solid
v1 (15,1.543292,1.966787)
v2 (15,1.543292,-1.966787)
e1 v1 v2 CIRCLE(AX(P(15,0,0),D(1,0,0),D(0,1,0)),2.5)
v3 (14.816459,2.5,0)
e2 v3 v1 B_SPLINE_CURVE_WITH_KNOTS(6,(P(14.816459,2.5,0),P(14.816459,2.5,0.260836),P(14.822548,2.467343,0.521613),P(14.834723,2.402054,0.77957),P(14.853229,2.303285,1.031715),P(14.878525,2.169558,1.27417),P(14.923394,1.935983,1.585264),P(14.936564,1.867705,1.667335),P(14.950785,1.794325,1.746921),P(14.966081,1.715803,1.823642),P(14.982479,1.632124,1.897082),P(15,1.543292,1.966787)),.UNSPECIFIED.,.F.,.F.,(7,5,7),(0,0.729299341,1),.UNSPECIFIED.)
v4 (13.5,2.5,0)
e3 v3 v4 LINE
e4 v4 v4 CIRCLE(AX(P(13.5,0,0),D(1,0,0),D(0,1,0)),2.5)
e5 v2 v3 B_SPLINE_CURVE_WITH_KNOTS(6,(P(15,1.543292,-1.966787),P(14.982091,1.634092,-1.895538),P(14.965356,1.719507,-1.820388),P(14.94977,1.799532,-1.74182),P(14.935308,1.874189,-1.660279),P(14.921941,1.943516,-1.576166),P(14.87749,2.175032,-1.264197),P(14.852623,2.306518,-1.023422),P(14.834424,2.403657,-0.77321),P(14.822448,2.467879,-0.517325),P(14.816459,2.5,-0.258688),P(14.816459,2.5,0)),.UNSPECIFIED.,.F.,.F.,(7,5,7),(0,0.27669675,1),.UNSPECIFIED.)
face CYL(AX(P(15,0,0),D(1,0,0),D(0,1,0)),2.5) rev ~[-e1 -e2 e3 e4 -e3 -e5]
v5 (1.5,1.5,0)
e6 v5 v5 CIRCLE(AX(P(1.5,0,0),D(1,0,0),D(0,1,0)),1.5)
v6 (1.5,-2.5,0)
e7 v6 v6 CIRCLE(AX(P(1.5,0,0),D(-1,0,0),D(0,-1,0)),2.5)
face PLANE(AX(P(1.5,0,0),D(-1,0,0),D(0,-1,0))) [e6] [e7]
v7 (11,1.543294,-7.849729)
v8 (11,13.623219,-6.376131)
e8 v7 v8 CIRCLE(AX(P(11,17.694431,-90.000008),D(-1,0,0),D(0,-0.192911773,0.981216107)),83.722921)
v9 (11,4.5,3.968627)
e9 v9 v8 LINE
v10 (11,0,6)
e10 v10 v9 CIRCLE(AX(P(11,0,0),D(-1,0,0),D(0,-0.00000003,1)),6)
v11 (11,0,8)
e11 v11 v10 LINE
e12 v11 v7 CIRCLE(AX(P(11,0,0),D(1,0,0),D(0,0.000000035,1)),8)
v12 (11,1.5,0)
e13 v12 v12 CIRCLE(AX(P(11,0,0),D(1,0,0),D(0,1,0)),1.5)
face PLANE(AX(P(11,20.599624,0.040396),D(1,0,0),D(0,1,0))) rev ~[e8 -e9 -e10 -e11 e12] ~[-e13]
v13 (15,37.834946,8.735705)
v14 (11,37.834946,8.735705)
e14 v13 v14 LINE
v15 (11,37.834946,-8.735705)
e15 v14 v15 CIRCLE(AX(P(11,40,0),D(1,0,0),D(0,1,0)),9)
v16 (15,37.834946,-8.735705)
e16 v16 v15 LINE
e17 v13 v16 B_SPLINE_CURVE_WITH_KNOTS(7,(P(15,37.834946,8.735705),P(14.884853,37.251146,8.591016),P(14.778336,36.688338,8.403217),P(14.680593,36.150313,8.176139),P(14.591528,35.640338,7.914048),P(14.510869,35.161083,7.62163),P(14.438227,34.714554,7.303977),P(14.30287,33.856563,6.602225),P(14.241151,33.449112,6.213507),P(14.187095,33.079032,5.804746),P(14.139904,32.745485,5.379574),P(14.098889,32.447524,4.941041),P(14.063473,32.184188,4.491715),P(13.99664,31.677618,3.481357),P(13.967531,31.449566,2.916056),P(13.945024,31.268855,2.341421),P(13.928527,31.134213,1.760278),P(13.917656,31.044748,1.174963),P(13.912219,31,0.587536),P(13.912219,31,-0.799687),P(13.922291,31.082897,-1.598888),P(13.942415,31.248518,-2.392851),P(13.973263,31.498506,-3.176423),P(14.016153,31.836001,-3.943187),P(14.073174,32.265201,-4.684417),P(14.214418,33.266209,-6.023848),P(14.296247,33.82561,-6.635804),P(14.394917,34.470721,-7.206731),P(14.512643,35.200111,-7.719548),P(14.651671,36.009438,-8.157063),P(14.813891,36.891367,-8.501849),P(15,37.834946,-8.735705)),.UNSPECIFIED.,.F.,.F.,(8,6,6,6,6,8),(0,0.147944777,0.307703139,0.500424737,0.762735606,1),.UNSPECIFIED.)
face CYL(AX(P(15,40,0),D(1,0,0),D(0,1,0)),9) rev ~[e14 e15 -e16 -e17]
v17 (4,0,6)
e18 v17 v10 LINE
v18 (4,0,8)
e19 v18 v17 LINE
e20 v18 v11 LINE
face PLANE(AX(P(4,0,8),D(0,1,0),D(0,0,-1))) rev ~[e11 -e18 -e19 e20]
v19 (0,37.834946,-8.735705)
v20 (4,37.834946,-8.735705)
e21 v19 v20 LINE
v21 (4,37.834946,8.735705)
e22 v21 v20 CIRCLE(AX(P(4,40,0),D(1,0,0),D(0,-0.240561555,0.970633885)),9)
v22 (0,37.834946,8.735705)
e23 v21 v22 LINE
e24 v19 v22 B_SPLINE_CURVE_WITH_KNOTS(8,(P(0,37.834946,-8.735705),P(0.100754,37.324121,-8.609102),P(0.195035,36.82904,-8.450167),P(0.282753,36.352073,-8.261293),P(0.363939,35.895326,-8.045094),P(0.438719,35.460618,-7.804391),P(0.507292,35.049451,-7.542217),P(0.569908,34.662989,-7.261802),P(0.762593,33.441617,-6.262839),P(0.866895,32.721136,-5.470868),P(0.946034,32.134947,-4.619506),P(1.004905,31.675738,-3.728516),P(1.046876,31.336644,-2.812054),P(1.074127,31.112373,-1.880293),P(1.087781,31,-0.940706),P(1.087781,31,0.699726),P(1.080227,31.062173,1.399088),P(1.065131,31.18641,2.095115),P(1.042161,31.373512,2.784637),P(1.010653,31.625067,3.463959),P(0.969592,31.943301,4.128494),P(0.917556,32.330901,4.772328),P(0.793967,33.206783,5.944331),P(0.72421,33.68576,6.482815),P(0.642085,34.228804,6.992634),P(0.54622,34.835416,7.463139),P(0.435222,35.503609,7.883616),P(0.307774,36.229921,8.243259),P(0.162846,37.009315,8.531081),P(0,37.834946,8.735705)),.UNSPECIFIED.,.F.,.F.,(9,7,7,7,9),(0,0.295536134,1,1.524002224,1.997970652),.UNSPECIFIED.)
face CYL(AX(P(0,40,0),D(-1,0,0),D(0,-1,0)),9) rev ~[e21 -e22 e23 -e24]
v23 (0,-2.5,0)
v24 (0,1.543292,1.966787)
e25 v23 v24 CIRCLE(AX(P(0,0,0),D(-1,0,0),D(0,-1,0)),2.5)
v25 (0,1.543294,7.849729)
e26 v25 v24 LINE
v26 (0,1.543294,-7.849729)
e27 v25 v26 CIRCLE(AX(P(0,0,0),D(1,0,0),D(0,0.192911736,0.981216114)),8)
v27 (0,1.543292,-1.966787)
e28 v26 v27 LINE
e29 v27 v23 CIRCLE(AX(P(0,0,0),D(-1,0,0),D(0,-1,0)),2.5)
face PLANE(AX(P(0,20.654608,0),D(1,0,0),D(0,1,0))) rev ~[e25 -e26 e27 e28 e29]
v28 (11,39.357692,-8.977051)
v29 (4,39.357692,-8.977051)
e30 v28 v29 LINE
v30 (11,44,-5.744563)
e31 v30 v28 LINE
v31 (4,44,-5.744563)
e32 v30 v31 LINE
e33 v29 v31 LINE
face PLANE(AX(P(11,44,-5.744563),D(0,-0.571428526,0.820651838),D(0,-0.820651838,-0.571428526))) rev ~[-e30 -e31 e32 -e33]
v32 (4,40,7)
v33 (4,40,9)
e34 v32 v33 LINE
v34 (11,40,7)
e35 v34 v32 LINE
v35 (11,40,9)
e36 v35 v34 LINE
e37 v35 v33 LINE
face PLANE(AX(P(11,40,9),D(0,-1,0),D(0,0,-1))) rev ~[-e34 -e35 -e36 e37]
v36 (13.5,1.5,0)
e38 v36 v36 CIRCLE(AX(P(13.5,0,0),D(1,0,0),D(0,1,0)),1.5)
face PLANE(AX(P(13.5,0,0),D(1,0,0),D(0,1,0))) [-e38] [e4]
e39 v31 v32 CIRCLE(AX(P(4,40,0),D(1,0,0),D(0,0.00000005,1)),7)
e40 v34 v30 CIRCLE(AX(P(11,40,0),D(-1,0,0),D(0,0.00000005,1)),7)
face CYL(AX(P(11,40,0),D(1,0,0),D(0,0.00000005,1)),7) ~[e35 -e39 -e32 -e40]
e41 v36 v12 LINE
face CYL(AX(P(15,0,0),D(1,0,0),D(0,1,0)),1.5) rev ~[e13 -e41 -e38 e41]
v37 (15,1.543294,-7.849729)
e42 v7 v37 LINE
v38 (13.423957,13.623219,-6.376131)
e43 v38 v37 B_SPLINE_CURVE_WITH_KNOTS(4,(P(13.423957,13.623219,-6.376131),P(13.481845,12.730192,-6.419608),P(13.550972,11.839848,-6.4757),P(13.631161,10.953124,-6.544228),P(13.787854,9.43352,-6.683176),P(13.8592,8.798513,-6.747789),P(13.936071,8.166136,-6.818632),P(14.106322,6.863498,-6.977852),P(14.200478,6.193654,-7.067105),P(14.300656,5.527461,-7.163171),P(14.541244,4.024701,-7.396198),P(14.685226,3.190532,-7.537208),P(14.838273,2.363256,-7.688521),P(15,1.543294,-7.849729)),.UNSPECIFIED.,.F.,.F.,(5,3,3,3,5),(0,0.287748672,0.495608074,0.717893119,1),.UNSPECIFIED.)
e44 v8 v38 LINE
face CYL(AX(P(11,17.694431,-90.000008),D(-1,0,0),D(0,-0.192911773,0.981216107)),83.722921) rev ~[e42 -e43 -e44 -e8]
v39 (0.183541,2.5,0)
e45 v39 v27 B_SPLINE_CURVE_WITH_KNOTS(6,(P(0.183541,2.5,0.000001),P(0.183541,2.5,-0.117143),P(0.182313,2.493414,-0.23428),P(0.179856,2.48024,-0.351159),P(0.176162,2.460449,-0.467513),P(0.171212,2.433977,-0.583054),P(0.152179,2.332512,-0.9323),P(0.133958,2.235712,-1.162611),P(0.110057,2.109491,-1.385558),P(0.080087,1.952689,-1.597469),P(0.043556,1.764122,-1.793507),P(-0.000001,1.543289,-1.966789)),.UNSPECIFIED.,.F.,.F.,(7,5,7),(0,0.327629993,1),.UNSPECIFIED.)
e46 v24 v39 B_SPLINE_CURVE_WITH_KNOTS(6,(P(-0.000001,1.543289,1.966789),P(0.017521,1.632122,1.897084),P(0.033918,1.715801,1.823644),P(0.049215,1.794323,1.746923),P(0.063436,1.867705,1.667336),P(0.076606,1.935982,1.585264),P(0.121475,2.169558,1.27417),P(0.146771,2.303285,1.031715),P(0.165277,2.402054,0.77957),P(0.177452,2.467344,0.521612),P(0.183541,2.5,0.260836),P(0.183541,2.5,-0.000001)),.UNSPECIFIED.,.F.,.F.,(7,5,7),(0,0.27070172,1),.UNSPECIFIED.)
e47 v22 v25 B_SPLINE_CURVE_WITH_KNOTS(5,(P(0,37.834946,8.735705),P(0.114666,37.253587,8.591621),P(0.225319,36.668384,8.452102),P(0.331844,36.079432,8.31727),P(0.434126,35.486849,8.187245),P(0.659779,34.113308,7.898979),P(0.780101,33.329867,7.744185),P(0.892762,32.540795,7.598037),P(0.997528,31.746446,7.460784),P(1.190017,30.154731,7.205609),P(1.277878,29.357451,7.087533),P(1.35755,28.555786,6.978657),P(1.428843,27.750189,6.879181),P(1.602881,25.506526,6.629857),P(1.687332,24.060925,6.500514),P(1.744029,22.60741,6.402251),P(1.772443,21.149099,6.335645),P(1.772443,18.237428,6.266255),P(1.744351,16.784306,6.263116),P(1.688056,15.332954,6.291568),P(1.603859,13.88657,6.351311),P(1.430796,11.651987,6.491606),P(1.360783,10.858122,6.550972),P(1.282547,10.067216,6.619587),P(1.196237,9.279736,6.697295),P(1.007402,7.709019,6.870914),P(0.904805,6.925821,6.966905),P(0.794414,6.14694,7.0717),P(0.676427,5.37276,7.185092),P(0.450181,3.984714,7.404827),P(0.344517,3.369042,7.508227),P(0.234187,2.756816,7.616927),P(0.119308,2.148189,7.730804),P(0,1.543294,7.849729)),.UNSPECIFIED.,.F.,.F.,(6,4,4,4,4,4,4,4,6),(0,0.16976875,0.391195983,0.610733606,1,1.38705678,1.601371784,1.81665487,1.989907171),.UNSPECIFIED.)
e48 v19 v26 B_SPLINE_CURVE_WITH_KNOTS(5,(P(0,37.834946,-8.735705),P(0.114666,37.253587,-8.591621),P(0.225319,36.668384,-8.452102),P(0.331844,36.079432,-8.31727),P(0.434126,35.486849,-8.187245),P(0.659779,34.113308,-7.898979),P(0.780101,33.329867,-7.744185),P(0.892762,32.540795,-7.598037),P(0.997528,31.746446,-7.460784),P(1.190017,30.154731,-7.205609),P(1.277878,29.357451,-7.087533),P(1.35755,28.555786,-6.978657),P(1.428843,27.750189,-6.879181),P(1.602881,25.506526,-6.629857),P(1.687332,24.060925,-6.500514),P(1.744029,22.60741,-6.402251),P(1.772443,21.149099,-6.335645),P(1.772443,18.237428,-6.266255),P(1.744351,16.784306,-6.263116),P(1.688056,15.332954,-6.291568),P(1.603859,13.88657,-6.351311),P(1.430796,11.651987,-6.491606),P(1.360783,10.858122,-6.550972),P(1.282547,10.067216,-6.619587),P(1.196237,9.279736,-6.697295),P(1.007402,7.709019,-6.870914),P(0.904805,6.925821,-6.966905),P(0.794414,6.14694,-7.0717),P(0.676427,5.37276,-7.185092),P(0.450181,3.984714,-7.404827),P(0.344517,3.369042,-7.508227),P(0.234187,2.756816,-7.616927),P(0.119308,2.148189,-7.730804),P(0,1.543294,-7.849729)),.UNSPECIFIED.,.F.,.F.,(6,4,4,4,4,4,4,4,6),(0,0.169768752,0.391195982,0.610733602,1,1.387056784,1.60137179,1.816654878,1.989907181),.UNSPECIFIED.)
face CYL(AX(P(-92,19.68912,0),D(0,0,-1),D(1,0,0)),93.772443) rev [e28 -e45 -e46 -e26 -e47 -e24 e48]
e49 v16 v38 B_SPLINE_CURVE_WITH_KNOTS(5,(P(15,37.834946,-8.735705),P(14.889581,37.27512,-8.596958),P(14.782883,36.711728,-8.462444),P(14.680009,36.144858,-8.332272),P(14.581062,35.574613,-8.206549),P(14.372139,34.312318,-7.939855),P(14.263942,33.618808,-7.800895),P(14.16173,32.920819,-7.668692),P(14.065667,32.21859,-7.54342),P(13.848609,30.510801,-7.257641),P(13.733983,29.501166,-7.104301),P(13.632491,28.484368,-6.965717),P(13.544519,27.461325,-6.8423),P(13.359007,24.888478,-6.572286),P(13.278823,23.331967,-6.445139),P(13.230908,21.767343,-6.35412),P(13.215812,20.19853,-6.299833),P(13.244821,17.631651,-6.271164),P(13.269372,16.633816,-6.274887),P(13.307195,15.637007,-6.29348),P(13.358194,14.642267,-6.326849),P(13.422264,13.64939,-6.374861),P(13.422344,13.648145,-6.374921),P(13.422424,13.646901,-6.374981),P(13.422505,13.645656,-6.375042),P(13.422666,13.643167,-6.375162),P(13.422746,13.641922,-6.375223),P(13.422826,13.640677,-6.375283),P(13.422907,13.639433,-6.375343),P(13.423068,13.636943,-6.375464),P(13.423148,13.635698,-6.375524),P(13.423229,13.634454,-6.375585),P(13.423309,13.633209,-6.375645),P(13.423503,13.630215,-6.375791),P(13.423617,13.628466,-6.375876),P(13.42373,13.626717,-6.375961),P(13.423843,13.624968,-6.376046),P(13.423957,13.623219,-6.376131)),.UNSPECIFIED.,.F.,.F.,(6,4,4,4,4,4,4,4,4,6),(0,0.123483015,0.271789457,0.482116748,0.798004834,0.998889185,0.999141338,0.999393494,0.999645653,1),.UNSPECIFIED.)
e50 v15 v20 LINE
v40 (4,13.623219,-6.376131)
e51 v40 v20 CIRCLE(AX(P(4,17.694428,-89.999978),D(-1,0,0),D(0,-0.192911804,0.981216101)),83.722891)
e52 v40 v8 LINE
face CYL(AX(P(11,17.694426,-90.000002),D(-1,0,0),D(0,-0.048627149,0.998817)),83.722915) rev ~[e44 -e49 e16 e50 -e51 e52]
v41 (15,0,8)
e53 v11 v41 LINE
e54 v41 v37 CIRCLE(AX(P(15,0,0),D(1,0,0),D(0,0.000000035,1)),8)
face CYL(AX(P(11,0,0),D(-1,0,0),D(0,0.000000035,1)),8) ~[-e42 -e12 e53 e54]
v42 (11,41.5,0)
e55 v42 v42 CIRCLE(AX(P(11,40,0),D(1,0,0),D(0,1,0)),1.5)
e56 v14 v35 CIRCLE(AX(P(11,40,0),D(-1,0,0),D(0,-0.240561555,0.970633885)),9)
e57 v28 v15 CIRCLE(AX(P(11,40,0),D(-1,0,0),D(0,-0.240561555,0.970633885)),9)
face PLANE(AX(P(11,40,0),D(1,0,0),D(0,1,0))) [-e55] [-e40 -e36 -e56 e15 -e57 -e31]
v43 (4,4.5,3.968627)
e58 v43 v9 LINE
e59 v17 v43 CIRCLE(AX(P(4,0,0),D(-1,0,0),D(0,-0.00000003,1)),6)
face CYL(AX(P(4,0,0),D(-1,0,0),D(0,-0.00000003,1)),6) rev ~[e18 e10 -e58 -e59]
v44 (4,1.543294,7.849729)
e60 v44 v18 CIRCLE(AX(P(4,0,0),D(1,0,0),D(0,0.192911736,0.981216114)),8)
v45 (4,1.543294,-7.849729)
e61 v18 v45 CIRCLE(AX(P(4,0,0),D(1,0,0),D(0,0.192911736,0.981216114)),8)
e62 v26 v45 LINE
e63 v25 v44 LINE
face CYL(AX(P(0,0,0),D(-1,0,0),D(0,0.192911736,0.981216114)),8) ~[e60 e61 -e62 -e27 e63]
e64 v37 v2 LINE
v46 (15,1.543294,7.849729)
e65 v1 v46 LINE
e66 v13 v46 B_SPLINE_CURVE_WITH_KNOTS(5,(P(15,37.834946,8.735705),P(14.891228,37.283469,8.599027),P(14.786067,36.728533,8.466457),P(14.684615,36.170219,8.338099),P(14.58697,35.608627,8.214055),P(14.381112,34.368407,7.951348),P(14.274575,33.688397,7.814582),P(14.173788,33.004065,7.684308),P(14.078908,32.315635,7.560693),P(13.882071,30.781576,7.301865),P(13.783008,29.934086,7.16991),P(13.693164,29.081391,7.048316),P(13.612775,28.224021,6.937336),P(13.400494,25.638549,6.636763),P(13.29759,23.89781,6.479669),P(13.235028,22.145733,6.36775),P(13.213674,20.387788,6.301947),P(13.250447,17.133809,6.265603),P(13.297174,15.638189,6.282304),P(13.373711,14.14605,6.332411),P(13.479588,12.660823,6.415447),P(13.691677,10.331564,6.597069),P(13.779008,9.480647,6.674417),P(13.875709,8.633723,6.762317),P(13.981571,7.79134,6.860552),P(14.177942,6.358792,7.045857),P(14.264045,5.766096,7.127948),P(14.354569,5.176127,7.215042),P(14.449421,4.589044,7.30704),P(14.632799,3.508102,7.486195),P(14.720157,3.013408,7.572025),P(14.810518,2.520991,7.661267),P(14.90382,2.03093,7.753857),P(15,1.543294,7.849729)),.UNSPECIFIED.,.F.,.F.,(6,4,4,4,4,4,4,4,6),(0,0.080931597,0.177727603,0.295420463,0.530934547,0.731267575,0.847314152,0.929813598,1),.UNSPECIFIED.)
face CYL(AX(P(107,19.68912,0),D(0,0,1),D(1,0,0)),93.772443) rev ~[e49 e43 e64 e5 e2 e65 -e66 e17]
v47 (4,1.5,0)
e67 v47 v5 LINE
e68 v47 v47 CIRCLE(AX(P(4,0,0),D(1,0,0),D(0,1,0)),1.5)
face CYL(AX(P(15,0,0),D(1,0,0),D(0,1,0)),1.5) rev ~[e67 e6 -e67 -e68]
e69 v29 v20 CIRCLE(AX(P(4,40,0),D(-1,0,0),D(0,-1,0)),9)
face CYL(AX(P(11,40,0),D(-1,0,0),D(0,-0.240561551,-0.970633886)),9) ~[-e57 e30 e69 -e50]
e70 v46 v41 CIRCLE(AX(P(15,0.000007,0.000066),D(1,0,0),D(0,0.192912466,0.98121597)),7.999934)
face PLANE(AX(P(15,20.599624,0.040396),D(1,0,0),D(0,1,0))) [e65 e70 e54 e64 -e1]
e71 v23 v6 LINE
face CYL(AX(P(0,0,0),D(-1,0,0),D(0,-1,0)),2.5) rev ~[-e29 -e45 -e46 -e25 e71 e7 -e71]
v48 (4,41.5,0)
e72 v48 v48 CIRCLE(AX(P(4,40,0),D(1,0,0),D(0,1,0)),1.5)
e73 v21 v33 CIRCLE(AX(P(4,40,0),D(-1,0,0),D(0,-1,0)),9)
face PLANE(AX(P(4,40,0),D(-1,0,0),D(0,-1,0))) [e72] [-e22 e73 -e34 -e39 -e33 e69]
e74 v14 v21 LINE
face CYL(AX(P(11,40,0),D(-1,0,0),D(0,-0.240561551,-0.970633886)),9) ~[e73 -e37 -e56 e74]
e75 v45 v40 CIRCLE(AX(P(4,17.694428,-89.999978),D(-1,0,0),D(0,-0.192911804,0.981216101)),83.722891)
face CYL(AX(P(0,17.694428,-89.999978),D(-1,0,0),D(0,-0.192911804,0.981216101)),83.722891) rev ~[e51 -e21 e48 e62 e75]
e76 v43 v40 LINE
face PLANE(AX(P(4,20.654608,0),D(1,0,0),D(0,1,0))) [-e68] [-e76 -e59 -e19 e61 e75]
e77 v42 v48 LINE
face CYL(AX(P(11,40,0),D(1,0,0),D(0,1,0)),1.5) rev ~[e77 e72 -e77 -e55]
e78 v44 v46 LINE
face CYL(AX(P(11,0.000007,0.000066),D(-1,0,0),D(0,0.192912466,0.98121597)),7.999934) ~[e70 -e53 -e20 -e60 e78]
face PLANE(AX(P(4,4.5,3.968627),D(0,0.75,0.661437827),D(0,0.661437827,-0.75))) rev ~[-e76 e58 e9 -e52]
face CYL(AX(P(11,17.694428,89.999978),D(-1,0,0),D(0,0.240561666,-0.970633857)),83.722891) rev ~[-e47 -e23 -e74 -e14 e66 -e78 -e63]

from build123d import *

# Parameters (mm, degrees)
F1_DEPTH  = 4
F3_DEPTH  = 7
F5_DEPTH  = 4
F6_R      = 9
F7_DEPTH  = 4
F8_R      = 9
F9_DEPTH  = 4
F10_R     = 2.5
F11_DEPTH = 1.5
F12_R     = 93.772443
F13_DEPTH = 12.5
F14_R     = 1.5
F15_DEPTH = 11.001
F16_R     = 1.5
F17_DEPTH = 15.001
F18_R     = 2.5
F19_DEPTH = 1.5
F21_DEPTH = 11.001


with BuildPart() as f1:
    # F0 (on Right) → F1 (new body)
    with BuildSketch(Plane.YZ):
        with BuildLine():
            ThreePointArc((37.834946, 8.735705), (19.737718, 6.302024), (1.543294, 7.849729))
            ThreePointArc((1.543294, 7.849729), (-8, 0), (1.543294, -7.849729))
            ThreePointArc((1.543294, -7.849729), (19.737718, -6.302024), (37.834946, -8.735705))
            ThreePointArc((37.834946, -8.735705), (49, 0), (37.834946, 8.735705))
        make_face()
    extrude(amount=F1_DEPTH)

    # F2 (on face) → F3 (join)
    with BuildSketch(Plane.YZ.offset(4)):
        with BuildLine():
            ThreePointArc((13.623219, -6.376131), (25.815239, -6.671862), (37.834946, -8.735705))
            ThreePointArc((37.834946, -8.735705), (49, 0), (37.834946, 8.735705))
            ThreePointArc((37.834946, 8.735705), (19.737718, 6.302024), (1.543294, 7.849729))
            ThreePointArc((1.543294, 7.849729), (0.775296, 7.962344), (0, 8))
            Line((0, 8), (0, 6))
            ThreePointArc((0, 6), (2.468627, 5.468627), (4.5, 3.968627))
            Line((4.5, 3.968627), (13.623219, -6.376131))
        make_face()
    extrude(amount=F3_DEPTH)

    # F4 (on face) → F5 (join)
    with BuildSketch(Plane.YZ.offset(11)):
        with BuildLine():
            ThreePointArc((37.834946, 8.735705), (19.737718, 6.302024), (1.543294, 7.849729))
            ThreePointArc((1.543294, 7.849729), (0.775296, 7.962344), (0, 8))
            ThreePointArc((0, 8), (-7.962344, -0.775296), (1.543294, -7.849729))
            ThreePointArc((1.543294, -7.849729), (7.556447, -6.893156), (13.623219, -6.376131))
            ThreePointArc((13.623219, -6.376131), (25.815239, -6.671862), (37.834946, -8.735705))
            ThreePointArc((37.834946, -8.735705), (49, 0), (37.834946, 8.735705))
        make_face()
    extrude(amount=F5_DEPTH)

    # F6 (on face) → F7 (cut)
    with BuildSketch(Plane.YZ.offset(15)):
        with Locations((40, 0)):
            Circle(F6_R)
    extrude(amount=-F7_DEPTH, mode=Mode.SUBTRACT)

    # F8 (on face) → F9 (cut)
    with BuildSketch(Plane(origin=(0, 0, 0), x_dir=(0, -1, 0), z_dir=(-1, 0, 0))):
        with Locations((-40, 0)):
            Circle(F8_R)
    extrude(amount=-F9_DEPTH, mode=Mode.SUBTRACT)

    # F10 (on face) → F11 (cut)
    with BuildSketch(Plane(origin=(0, 0, 0), x_dir=(0, -1, 0), z_dir=(-1, 0, 0))):
        Circle(F10_R)
    extrude(amount=-F11_DEPTH, mode=Mode.SUBTRACT)

    # F12 (on Top) → F13 (cut, symmetric)
    with BuildSketch(Plane.XY):
        with Locations((-92, 19.68912)):
            Circle(F12_R)
        with Locations((107, 19.68912)):
            Circle(F12_R)
    extrude(amount=F13_DEPTH, both=True, mode=Mode.SUBTRACT)

    # F14 (on face) → F15 (cut, through all)
    with BuildSketch(Plane.YZ.offset(11)):
        with Locations((40, 0)):
            Circle(F14_R)
    extrude(amount=-F15_DEPTH, mode=Mode.SUBTRACT)

    # F16 (on face) → F17 (cut, through all)
    with BuildSketch(Plane.YZ.offset(15)):
        Circle(F16_R)
    extrude(amount=-F17_DEPTH, mode=Mode.SUBTRACT)

    # F18 (on face) → F19 (cut)
    with BuildSketch(Plane.YZ.offset(15)):
        Circle(F18_R)
    extrude(amount=-F19_DEPTH, mode=Mode.SUBTRACT)

    # F20 (on face) → F21 (cut, through all)
    with BuildSketch(Plane.YZ.offset(11)):
        with BuildLine():
            ThreePointArc((40, 7), (46.67877, 2.096194), (44, -5.744563))
            Line((44, -5.744563), (39.357692, -8.977051))
            ThreePointArc((39.357692, -8.977051), (48.994261, -0.321359), (40, 9))
            Line((40, 9), (40, 7))
        make_face()
    extrude(amount=-F21_DEPTH, mode=Mode.SUBTRACT)


solid = f1.part
